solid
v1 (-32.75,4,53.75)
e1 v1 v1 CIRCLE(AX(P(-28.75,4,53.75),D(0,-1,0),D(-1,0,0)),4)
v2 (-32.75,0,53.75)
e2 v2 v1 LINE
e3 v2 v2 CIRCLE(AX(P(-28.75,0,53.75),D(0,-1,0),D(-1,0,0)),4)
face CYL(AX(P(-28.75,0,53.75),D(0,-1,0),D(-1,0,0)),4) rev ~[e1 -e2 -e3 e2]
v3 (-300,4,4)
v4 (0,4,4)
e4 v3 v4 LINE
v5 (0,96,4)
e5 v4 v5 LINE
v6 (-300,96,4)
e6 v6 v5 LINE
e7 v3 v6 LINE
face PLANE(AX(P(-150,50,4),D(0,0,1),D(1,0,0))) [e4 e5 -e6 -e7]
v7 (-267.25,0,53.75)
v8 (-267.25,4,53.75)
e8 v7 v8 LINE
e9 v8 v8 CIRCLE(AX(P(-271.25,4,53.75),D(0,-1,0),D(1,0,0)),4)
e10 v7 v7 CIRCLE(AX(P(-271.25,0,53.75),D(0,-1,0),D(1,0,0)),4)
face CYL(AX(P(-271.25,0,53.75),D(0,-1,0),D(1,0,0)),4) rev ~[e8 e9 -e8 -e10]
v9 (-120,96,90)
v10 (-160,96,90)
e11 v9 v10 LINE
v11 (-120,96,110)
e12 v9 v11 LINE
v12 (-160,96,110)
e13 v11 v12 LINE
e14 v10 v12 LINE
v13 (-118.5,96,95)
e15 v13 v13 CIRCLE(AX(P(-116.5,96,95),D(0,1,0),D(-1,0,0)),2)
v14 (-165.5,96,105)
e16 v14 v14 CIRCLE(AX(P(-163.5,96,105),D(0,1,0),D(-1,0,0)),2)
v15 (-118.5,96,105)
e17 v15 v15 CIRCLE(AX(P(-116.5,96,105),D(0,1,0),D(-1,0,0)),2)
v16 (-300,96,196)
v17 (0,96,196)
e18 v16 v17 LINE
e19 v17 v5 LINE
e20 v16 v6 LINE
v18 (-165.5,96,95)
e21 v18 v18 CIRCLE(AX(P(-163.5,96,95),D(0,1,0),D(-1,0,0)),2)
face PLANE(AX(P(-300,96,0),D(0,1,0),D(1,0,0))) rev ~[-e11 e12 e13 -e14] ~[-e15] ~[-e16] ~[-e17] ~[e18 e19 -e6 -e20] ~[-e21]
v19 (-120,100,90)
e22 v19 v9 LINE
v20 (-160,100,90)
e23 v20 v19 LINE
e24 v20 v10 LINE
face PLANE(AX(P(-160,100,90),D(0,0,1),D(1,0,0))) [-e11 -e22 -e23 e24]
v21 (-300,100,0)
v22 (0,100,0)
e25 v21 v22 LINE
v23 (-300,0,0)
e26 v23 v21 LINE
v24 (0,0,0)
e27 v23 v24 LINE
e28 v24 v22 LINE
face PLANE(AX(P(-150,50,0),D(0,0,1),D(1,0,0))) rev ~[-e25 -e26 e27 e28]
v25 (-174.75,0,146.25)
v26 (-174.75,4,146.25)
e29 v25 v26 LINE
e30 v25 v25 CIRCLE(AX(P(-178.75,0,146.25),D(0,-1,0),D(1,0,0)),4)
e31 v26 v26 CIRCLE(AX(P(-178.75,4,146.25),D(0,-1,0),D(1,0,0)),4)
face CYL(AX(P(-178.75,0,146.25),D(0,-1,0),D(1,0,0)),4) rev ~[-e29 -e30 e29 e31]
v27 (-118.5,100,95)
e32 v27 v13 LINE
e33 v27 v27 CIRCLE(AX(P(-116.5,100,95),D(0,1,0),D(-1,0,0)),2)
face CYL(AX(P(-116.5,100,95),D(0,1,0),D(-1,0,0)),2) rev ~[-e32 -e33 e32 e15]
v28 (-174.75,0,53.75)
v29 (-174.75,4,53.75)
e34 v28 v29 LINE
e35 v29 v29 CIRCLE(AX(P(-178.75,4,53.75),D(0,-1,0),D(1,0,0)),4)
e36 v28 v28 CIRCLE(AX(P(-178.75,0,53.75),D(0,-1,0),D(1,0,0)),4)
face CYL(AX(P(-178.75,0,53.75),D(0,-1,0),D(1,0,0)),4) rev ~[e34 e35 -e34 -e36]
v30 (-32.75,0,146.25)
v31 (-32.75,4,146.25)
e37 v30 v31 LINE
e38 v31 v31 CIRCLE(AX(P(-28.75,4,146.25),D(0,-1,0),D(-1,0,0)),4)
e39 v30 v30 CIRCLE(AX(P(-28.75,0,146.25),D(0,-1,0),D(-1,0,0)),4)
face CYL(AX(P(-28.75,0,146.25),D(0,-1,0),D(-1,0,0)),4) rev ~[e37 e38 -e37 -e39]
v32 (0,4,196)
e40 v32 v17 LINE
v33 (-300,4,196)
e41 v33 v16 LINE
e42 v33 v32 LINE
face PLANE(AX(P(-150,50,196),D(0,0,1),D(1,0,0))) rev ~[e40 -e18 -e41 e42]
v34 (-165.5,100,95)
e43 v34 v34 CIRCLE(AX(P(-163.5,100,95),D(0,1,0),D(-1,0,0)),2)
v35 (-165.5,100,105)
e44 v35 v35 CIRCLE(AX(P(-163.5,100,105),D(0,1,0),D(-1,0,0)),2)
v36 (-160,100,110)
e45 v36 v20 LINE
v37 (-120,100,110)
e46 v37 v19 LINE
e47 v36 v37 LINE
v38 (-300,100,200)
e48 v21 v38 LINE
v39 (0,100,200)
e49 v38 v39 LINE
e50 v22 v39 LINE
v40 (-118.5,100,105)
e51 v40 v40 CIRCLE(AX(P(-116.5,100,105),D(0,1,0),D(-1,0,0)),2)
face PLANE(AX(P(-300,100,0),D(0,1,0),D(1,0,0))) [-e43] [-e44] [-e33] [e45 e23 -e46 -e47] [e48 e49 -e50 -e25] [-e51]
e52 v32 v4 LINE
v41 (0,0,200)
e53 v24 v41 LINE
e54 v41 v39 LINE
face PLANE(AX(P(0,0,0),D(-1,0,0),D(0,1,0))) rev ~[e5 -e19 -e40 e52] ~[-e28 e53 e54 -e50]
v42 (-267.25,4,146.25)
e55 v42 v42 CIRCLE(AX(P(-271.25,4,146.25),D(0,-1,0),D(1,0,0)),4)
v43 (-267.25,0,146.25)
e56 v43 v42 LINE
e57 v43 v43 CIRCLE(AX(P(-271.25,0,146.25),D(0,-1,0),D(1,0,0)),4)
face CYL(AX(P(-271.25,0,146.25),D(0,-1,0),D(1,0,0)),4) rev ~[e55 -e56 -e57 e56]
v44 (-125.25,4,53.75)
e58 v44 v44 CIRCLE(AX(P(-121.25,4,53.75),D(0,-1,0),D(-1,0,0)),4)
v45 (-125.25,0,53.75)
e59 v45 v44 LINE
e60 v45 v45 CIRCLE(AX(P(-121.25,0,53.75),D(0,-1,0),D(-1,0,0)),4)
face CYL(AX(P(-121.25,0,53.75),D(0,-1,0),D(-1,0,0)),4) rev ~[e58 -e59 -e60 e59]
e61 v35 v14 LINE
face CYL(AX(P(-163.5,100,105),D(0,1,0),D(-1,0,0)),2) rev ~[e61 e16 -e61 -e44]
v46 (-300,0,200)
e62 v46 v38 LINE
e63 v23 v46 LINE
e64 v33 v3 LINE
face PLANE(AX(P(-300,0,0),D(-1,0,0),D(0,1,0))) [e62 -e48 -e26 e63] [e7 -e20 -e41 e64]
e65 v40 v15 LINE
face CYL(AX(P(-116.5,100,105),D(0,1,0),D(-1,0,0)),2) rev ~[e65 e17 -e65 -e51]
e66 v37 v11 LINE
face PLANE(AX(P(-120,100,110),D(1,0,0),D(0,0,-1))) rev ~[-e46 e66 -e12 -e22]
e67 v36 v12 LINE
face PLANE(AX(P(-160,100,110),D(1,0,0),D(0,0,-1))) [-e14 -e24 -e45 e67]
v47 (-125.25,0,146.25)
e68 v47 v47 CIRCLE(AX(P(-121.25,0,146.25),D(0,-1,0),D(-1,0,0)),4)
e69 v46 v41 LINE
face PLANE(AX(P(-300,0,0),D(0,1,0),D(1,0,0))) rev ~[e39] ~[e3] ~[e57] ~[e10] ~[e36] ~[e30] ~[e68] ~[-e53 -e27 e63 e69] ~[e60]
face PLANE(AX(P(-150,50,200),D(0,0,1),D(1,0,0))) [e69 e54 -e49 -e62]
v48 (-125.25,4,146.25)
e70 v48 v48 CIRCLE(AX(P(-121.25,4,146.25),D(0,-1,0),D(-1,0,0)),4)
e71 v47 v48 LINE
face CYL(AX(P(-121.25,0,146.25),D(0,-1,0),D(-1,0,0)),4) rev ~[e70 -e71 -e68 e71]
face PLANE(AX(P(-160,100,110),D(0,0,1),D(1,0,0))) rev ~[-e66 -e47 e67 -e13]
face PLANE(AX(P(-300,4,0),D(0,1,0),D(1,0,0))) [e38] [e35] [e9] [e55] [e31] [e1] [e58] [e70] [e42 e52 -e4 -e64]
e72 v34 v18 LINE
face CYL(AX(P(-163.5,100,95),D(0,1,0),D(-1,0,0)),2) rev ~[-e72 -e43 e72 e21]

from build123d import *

# Parameters (mm, degrees)
IZIM1_W                     = 300
IZIM1_H                     = 100
Y_KSEKLIK_EKSTR_ZYON1_DEPTH = 200
BO_ALTMA1_T                 = -4
KES_EKSTR_ZYON1_REACH       = 376.166
IZIM2_R                     = 4
KES_EKSTR_ZYON2_REACH       = 376.166
IZIM3_R                     = 2
IZIM3_W                     = 40
IZIM3_H                     = 20


with BuildPart() as part:
    # Çizim1 → Yükseklik-Ekstrüzyon1 (new body)
    with BuildSketch(Plane.XY):
        with Locations((-150, 50)):
            Rectangle(IZIM1_W, IZIM1_H)
    extrude(amount=Y_KSEKLIK_EKSTR_ZYON1_DEPTH)

    # İç Boşaltma1
    bo_altma1_openings = [part.faces().sort_by_distance(p)[0] for p in [
        (-300, 50, 100),
        (0, 50, 100),
    ]]
    offset(amount=BO_ALTMA1_T, openings=bo_altma1_openings, kind=Kind.INTERSECTION)

    # Çizim2 → Kes-Ekstrüzyon1 (cut, up to next)
    with BuildSketch(Plane.XZ, mode=Mode.PRIVATE) as kes_ekstr_zyon1_sk1:
        with Locations((-271.25, 146.25)):
            Circle(IZIM2_R)
    kes_ekstr_zyon1_tool1 = extrude(kes_ekstr_zyon1_sk1.sketch, amount=-KES_EKSTR_ZYON1_REACH, mode=Mode.PRIVATE) & part.part
    # Çizim2 → Kes-Ekstrüzyon1 (cut, up to next)
    with BuildSketch(Plane.XZ, mode=Mode.PRIVATE) as kes_ekstr_zyon1_sk2:
        with Locations((-178.75, 146.25)):
            Circle(IZIM2_R)
    kes_ekstr_zyon1_tool2 = extrude(kes_ekstr_zyon1_sk2.sketch, amount=-KES_EKSTR_ZYON1_REACH, mode=Mode.PRIVATE) & part.part
    # Çizim2 → Kes-Ekstrüzyon1 (cut, up to next)
    with BuildSketch(Plane.XZ, mode=Mode.PRIVATE) as kes_ekstr_zyon1_sk3:
        with Locations(Location((-28.75, 146.25, 0), (0, 0, 180))):
            Circle(IZIM2_R)
    kes_ekstr_zyon1_tool3 = extrude(kes_ekstr_zyon1_sk3.sketch, amount=-KES_EKSTR_ZYON1_REACH, mode=Mode.PRIVATE) & part.part
    # Çizim2 → Kes-Ekstrüzyon1 (cut, up to next)
    with BuildSketch(Plane.XZ, mode=Mode.PRIVATE) as kes_ekstr_zyon1_sk4:
        with Locations(Location((-121.25, 146.25, 0), (0, 0, 180))):
            Circle(IZIM2_R)
    kes_ekstr_zyon1_tool4 = extrude(kes_ekstr_zyon1_sk4.sketch, amount=-KES_EKSTR_ZYON1_REACH, mode=Mode.PRIVATE) & part.part
    # Çizim2 → Kes-Ekstrüzyon1 (cut, up to next)
    with BuildSketch(Plane.XZ, mode=Mode.PRIVATE) as kes_ekstr_zyon1_sk5:
        with Locations((-271.25, 53.75)):
            Circle(IZIM2_R)
    kes_ekstr_zyon1_tool5 = extrude(kes_ekstr_zyon1_sk5.sketch, amount=-KES_EKSTR_ZYON1_REACH, mode=Mode.PRIVATE) & part.part
    # Çizim2 → Kes-Ekstrüzyon1 (cut, up to next)
    with BuildSketch(Plane.XZ, mode=Mode.PRIVATE) as kes_ekstr_zyon1_sk6:
        with Locations((-178.75, 53.75)):
            Circle(IZIM2_R)
    kes_ekstr_zyon1_tool6 = extrude(kes_ekstr_zyon1_sk6.sketch, amount=-KES_EKSTR_ZYON1_REACH, mode=Mode.PRIVATE) & part.part
    # Çizim2 → Kes-Ekstrüzyon1 (cut, up to next)
    with BuildSketch(Plane.XZ, mode=Mode.PRIVATE) as kes_ekstr_zyon1_sk7:
        with Locations(Location((-121.25, 53.75, 0), (0, 0, 180))):
            Circle(IZIM2_R)
    kes_ekstr_zyon1_tool7 = extrude(kes_ekstr_zyon1_sk7.sketch, amount=-KES_EKSTR_ZYON1_REACH, mode=Mode.PRIVATE) & part.part
    # Çizim2 → Kes-Ekstrüzyon1 (cut, up to next)
    with BuildSketch(Plane.XZ, mode=Mode.PRIVATE) as kes_ekstr_zyon1_sk8:
        with Locations(Location((-28.75, 53.75, 0), (0, 0, 180))):
            Circle(IZIM2_R)
    kes_ekstr_zyon1_tool8 = extrude(kes_ekstr_zyon1_sk8.sketch, amount=-KES_EKSTR_ZYON1_REACH, mode=Mode.PRIVATE) & part.part
    add(kes_ekstr_zyon1_tool1.solids().sort_by_distance((-271.25, 0, 146.25))[0], mode=Mode.SUBTRACT)
    add(kes_ekstr_zyon1_tool2.solids().sort_by_distance((-178.75, 0, 146.25))[0], mode=Mode.SUBTRACT)
    add(kes_ekstr_zyon1_tool3.solids().sort_by_distance((-28.75, 0, 146.25))[0], mode=Mode.SUBTRACT)
    add(kes_ekstr_zyon1_tool4.solids().sort_by_distance((-121.25, 0, 146.25))[0], mode=Mode.SUBTRACT)
    add(kes_ekstr_zyon1_tool5.solids().sort_by_distance((-271.25, 0, 53.75))[0], mode=Mode.SUBTRACT)
    add(kes_ekstr_zyon1_tool6.solids().sort_by_distance((-178.75, 0, 53.75))[0], mode=Mode.SUBTRACT)
    add(kes_ekstr_zyon1_tool7.solids().sort_by_distance((-121.25, 0, 53.75))[0], mode=Mode.SUBTRACT)
    add(kes_ekstr_zyon1_tool8.solids().sort_by_distance((-28.75, 0, 53.75))[0], mode=Mode.SUBTRACT)

    # Çizim3 → Kes-Ekstrüzyon2 (cut, up to next)
    with BuildSketch(Plane(origin=(0, 100, 0), x_dir=(1, 0, 0), z_dir=(0, 1, 0)), mode=Mode.PRIVATE) as kes_ekstr_zyon2_sk1:
        with Locations(Location((-116.5, -95, 0), (0, 0, 180))):
            Circle(IZIM3_R)
    kes_ekstr_zyon2_tool1 = extrude(kes_ekstr_zyon2_sk1.sketch, amount=-KES_EKSTR_ZYON2_REACH, mode=Mode.PRIVATE) & part.part
    # Çizim3 → Kes-Ekstrüzyon2 (cut, up to next)
    with BuildSketch(Plane(origin=(0, 100, 0), x_dir=(1, 0, 0), z_dir=(0, 1, 0)), mode=Mode.PRIVATE) as kes_ekstr_zyon2_sk2:
        with Locations(Location((-116.5, -105, 0), (0, 0, 180))):
            Circle(IZIM3_R)
    kes_ekstr_zyon2_tool2 = extrude(kes_ekstr_zyon2_sk2.sketch, amount=-KES_EKSTR_ZYON2_REACH, mode=Mode.PRIVATE) & part.part
    # Çizim3 → Kes-Ekstrüzyon2 (cut, up to next)
    with BuildSketch(Plane(origin=(0, 100, 0), x_dir=(1, 0, 0), z_dir=(0, 1, 0)), mode=Mode.PRIVATE) as kes_ekstr_zyon2_sk3:
        with Locations(Location((-163.5, -105, 0), (0, 0, 180))):
            Circle(IZIM3_R)
    kes_ekstr_zyon2_tool3 = extrude(kes_ekstr_zyon2_sk3.sketch, amount=-KES_EKSTR_ZYON2_REACH, mode=Mode.PRIVATE) & part.part
    # Çizim3 → Kes-Ekstrüzyon2 (cut, up to next)
    with BuildSketch(Plane(origin=(0, 100, 0), x_dir=(1, 0, 0), z_dir=(0, 1, 0)), mode=Mode.PRIVATE) as kes_ekstr_zyon2_sk4:
        with Locations(Location((-163.5, -95, 0), (0, 0, 180))):
            Circle(IZIM3_R)
    kes_ekstr_zyon2_tool4 = extrude(kes_ekstr_zyon2_sk4.sketch, amount=-KES_EKSTR_ZYON2_REACH, mode=Mode.PRIVATE) & part.part
    # Çizim3 → Kes-Ekstrüzyon2 (cut, up to next)
    with BuildSketch(Plane(origin=(0, 100, 0), x_dir=(1, 0, 0), z_dir=(0, 1, 0)), mode=Mode.PRIVATE) as kes_ekstr_zyon2_sk5:
        with Locations((-140, -100)):
            Rectangle(IZIM3_W, IZIM3_H)
    kes_ekstr_zyon2_tool5 = extrude(kes_ekstr_zyon2_sk5.sketch, amount=-KES_EKSTR_ZYON2_REACH, mode=Mode.PRIVATE) & part.part
    add(kes_ekstr_zyon2_tool1.solids().sort_by_distance((-116.5, 100, 95))[0], mode=Mode.SUBTRACT)
    add(kes_ekstr_zyon2_tool2.solids().sort_by_distance((-116.5, 100, 105))[0], mode=Mode.SUBTRACT)
    add(kes_ekstr_zyon2_tool3.solids().sort_by_distance((-163.5, 100, 105))[0], mode=Mode.SUBTRACT)
    add(kes_ekstr_zyon2_tool4.solids().sort_by_distance((-163.5, 100, 95))[0], mode=Mode.SUBTRACT)
    add(kes_ekstr_zyon2_tool5.solids().sort_by_distance((-140, 100, 100))[0], mode=Mode.SUBTRACT)


solid = part.part
